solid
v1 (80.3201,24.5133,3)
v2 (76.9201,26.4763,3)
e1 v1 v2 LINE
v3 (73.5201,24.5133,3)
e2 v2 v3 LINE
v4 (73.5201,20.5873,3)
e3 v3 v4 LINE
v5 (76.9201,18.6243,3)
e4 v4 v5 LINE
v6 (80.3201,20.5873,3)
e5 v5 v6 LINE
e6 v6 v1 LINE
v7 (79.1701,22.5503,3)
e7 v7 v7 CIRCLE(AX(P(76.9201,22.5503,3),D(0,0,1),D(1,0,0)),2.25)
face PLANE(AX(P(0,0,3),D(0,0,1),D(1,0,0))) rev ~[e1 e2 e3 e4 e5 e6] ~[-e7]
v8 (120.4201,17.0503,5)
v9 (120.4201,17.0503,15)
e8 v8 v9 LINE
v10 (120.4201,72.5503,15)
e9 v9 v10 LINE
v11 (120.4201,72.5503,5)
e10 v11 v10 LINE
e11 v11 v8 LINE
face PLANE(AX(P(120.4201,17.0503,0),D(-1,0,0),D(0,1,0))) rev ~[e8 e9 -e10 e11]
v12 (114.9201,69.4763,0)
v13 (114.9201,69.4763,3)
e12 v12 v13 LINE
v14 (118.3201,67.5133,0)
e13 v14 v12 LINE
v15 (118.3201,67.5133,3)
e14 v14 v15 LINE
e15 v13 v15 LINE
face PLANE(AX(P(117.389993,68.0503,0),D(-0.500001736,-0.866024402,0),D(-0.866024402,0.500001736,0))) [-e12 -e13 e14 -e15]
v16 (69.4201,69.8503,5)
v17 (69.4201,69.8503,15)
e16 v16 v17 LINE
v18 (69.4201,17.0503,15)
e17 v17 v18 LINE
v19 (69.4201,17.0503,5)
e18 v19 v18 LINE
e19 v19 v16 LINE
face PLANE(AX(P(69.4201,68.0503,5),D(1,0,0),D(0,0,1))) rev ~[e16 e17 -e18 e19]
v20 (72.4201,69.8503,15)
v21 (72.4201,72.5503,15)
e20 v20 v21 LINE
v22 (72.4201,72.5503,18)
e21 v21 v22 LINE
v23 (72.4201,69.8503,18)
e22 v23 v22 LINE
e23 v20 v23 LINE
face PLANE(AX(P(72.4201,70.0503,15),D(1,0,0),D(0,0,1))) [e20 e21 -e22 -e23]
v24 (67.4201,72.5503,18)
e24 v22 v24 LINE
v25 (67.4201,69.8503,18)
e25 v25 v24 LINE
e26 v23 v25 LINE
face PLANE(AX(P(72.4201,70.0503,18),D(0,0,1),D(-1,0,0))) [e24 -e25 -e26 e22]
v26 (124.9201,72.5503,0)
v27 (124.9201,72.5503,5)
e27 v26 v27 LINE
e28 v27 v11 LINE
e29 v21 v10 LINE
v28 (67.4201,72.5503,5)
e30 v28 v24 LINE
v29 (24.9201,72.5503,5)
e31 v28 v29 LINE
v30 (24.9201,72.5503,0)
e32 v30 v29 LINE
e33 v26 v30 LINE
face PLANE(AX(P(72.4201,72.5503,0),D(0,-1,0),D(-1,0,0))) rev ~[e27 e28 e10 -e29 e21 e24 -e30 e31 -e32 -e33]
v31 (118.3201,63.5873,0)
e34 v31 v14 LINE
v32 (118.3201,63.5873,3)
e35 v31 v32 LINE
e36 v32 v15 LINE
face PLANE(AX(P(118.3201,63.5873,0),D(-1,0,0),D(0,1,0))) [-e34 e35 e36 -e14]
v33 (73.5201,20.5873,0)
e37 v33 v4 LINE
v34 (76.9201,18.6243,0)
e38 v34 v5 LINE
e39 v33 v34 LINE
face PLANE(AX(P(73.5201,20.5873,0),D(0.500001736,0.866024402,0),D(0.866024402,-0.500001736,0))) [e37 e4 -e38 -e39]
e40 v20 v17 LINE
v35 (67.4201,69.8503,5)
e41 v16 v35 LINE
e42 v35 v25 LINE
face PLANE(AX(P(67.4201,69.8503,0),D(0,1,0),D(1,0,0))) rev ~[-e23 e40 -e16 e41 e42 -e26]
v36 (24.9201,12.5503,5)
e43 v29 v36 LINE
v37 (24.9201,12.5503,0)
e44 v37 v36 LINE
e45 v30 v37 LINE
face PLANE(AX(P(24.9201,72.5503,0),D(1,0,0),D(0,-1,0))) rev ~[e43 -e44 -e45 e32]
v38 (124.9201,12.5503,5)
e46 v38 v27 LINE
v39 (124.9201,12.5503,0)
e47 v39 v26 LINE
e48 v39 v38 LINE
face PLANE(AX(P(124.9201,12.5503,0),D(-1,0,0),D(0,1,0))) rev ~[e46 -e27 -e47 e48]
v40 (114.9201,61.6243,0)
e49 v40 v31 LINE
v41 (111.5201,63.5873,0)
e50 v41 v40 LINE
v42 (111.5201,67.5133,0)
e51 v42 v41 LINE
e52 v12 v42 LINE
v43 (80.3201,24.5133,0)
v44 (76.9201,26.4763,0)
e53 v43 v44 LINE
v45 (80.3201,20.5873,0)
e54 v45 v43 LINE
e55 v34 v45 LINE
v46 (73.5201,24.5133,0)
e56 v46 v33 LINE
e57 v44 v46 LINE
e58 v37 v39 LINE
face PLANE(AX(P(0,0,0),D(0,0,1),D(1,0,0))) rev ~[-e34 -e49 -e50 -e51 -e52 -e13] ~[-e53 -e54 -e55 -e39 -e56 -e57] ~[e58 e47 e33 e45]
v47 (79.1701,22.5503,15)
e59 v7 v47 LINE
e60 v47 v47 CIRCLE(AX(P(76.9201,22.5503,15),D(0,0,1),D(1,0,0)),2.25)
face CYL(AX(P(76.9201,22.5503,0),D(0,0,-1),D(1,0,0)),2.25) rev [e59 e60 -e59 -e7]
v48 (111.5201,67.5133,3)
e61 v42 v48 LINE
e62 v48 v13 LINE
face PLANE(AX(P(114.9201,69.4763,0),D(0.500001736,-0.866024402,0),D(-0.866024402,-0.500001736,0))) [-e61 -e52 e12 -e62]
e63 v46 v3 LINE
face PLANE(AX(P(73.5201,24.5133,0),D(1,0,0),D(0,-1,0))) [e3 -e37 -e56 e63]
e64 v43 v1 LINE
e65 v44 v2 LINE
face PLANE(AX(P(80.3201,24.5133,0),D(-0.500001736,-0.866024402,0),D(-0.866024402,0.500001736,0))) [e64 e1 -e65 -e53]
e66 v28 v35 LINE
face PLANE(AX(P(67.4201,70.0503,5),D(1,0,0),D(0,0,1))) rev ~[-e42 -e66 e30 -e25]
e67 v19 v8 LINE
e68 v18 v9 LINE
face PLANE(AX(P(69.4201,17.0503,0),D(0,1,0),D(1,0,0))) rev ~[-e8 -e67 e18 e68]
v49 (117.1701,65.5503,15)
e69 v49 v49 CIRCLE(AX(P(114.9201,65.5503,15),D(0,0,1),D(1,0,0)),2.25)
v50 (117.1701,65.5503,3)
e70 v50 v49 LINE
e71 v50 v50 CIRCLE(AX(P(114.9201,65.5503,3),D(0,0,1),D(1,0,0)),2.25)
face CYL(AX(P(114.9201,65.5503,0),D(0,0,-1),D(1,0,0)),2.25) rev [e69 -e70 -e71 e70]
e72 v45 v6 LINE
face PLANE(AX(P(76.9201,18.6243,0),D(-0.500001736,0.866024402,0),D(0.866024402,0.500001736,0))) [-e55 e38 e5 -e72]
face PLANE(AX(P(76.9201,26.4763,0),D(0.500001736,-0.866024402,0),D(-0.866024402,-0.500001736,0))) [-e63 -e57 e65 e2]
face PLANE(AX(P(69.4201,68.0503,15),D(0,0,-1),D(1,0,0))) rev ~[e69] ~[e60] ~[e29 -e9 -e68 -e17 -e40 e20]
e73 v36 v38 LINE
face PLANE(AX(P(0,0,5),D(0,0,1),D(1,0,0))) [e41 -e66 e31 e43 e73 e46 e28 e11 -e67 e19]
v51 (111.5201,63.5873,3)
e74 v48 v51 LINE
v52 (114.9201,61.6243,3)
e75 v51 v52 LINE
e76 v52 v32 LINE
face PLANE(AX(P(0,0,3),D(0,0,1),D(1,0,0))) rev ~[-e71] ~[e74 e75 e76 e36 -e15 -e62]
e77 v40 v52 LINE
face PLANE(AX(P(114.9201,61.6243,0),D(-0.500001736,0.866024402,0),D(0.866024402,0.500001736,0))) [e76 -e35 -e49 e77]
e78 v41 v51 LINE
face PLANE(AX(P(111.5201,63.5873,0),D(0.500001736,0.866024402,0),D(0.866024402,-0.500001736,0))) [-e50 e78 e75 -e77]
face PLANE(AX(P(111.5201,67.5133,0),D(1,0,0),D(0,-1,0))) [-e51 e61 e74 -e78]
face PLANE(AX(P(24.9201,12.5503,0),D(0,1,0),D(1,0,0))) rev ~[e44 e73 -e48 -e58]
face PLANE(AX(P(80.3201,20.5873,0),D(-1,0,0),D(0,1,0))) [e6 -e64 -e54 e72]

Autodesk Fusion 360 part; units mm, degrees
sketch "Sketch1" plane through (0, 0, 0) normal (0, 0, 1) x (1, 0, 0)
  line L0 (124.9201, 72.5503) -> (24.9201, 72.5503)
  line L1 (24.9201, 72.5503) -> (24.9201, 12.5503)
  line L2 (24.9201, 12.5503) -> (124.9201, 12.5503)
  line L3 (124.9201, 12.5503) -> (124.9201, 72.5503)
  line L4 (124.9201, 42.5503) -> (24.9201, 42.5503) construction
  line L5 (74.9201, 72.5503) -> (74.9201, 12.5503) construction
  line L6 (120.4201, 68.0503) -> (69.4201, 68.0503)
  line L7 (69.4201, 68.0503) -> (69.4201, 17.0503)
  line L8 (69.4201, 17.0503) -> (120.4201, 17.0503)
  line L9 (120.4201, 17.0503) -> (120.4201, 68.0503)
  line L10 (120.4201, 68.0503) -> (69.4201, 17.0503) construction
  line L11 (69.4201, 68.0503) -> (120.4201, 17.0503) construction
  line L12 (114.9201, 42.5503) -> (114.9201, 68.0503) construction
  line L13 (114.9201, 65.5503) -> (69.4201, 65.5503) construction
  circle A0 centre (114.9201, 65.5503) radius 2.25
  line L14 (69.4201, 22.5503) -> (120.4201, 22.5503) construction
  line L15 (94.9201, 68.0503) -> (94.9201, 17) construction
  line L16 (76.9201, 17.0503) -> (76.9201, 42.5503) construction
  circle A1 centre (76.9201, 22.5503) radius 2.25
  line L17 (118.3201, 67.5133) -> (114.9201, 69.4763)
  line L18 (114.9201, 69.4763) -> (111.5201, 67.5133)
  line L19 (111.5201, 67.5133) -> (111.5201, 63.5873)
  line L20 (111.5201, 63.5873) -> (114.9201, 61.6243)
  line L21 (114.9201, 61.6243) -> (118.3201, 63.5873)
  line L22 (118.3201, 63.5873) -> (118.3201, 67.5133)
  line L23 (80.3201, 24.5133) -> (76.9201, 26.4763)
  line L24 (76.9201, 26.4763) -> (73.5201, 24.5133)
  line L25 (73.5201, 24.5133) -> (73.5201, 20.5873)
  line L26 (73.5201, 20.5873) -> (76.9201, 18.6243)
  line L27 (76.9201, 18.6243) -> (80.3201, 20.5873)
  line L28 (80.3201, 20.5873) -> (80.3201, 24.5133)
  line L29 (67.4201, 68.0503) -> (26.9201, 68.0503)
  line L30 (26.9201, 68.0503) -> (26.9201, 48.5503)
  line L31 (26.9201, 48.5503) -> (67.4201, 48.5503)
  line L32 (67.4201, 48.5503) -> (67.4201, 68.0503)
  line L33 (28.1201, 49.7503) -> (66.2201, 49.7503)
  line L34 (66.2201, 49.7503) -> (66.2201, 66.8503)
  line L35 (66.2201, 66.8503) -> (28.1201, 66.8503)
  line L36 (28.1201, 66.8503) -> (28.1201, 49.7503)
  line L37 (67.4201, 68.0503) -> (72.4201, 68.0503)
  line L38 (72.4201, 68.0503) -> (72.4201, 70.0503)
  line L39 (72.4201, 70.0503) -> (67.4201, 70.0503)
  line L40 (67.4201, 70.0503) -> (67.4201, 68.0503)
  point P0 (94.9201, 42.5503)
  point P1 (114.9201, 65.5503)
  point P2 (76.9201, 22.5503)
  dimension "d1" = 100
  dimension "d2" = 60
  dimension "d3" = 51
  dimension "d4" = 51
  dimension "d5" = 45.5
  dimension "d6" = 23
  dimension "d7" = 4.5
  dimension "d8" = 20
  dimension "d10" = 18
  dimension "d11" = 4.5
  dimension "d18" = 3.4
  dimension "d19" = 3.4
  dimension "d22" = 19.5
  dimension "d23" = 2
  dimension "d24" = 2
  dimension "d25" = -1.2
  dimension "d26" = 5
  dimension "d27" = 2
extrude "Extrude1" add sketch "Sketch1" along normal blind 5 contours L0 L1 L2 L3 | L29 L30 L31 L32 | L6 L37 L38 L39 L40 | L6 L17 L18 | L33 L34 L35 L36
extrude "Extrude2" add sketch "Sketch1" along normal blind 15 contours L6 L7 L8 L9 L17 L18 L19 L20 L21 L22 L37 | L6 L17 L18 L19 L20 L21 L22 | L23 L24 L25 L26 L27 L28
extrude "Extrude3" add 1 faces at (103.4201, 68.0503, 8.3333) along direction (0, 1, 0) blind 4.5
extrude "Extrude4" cut sketch "Sketch1" along normal blind 3 contours L6 L17 L18 | L6 L17 L18 L19 L20 L21 L22 | L23 L24 L25 L26 L27 L28
extrude "Extrude5" add sketch "Sketch1" along normal blind 18 contours L6 L37 L38 L39 L40
sketch "Sketch2" plane through (0, 0, 0) normal (0, 0, 1) x (1, 0, 0)
extrude "Extrude6" cut 1 faces at (69.7535, 68.0503, 17) along direction (0, 1, 0) blind 1.8
extrude "Extrude7" add 1 faces at (69.7535, 70.0503, 17) along direction (0, 1, 0) blind 2.5
